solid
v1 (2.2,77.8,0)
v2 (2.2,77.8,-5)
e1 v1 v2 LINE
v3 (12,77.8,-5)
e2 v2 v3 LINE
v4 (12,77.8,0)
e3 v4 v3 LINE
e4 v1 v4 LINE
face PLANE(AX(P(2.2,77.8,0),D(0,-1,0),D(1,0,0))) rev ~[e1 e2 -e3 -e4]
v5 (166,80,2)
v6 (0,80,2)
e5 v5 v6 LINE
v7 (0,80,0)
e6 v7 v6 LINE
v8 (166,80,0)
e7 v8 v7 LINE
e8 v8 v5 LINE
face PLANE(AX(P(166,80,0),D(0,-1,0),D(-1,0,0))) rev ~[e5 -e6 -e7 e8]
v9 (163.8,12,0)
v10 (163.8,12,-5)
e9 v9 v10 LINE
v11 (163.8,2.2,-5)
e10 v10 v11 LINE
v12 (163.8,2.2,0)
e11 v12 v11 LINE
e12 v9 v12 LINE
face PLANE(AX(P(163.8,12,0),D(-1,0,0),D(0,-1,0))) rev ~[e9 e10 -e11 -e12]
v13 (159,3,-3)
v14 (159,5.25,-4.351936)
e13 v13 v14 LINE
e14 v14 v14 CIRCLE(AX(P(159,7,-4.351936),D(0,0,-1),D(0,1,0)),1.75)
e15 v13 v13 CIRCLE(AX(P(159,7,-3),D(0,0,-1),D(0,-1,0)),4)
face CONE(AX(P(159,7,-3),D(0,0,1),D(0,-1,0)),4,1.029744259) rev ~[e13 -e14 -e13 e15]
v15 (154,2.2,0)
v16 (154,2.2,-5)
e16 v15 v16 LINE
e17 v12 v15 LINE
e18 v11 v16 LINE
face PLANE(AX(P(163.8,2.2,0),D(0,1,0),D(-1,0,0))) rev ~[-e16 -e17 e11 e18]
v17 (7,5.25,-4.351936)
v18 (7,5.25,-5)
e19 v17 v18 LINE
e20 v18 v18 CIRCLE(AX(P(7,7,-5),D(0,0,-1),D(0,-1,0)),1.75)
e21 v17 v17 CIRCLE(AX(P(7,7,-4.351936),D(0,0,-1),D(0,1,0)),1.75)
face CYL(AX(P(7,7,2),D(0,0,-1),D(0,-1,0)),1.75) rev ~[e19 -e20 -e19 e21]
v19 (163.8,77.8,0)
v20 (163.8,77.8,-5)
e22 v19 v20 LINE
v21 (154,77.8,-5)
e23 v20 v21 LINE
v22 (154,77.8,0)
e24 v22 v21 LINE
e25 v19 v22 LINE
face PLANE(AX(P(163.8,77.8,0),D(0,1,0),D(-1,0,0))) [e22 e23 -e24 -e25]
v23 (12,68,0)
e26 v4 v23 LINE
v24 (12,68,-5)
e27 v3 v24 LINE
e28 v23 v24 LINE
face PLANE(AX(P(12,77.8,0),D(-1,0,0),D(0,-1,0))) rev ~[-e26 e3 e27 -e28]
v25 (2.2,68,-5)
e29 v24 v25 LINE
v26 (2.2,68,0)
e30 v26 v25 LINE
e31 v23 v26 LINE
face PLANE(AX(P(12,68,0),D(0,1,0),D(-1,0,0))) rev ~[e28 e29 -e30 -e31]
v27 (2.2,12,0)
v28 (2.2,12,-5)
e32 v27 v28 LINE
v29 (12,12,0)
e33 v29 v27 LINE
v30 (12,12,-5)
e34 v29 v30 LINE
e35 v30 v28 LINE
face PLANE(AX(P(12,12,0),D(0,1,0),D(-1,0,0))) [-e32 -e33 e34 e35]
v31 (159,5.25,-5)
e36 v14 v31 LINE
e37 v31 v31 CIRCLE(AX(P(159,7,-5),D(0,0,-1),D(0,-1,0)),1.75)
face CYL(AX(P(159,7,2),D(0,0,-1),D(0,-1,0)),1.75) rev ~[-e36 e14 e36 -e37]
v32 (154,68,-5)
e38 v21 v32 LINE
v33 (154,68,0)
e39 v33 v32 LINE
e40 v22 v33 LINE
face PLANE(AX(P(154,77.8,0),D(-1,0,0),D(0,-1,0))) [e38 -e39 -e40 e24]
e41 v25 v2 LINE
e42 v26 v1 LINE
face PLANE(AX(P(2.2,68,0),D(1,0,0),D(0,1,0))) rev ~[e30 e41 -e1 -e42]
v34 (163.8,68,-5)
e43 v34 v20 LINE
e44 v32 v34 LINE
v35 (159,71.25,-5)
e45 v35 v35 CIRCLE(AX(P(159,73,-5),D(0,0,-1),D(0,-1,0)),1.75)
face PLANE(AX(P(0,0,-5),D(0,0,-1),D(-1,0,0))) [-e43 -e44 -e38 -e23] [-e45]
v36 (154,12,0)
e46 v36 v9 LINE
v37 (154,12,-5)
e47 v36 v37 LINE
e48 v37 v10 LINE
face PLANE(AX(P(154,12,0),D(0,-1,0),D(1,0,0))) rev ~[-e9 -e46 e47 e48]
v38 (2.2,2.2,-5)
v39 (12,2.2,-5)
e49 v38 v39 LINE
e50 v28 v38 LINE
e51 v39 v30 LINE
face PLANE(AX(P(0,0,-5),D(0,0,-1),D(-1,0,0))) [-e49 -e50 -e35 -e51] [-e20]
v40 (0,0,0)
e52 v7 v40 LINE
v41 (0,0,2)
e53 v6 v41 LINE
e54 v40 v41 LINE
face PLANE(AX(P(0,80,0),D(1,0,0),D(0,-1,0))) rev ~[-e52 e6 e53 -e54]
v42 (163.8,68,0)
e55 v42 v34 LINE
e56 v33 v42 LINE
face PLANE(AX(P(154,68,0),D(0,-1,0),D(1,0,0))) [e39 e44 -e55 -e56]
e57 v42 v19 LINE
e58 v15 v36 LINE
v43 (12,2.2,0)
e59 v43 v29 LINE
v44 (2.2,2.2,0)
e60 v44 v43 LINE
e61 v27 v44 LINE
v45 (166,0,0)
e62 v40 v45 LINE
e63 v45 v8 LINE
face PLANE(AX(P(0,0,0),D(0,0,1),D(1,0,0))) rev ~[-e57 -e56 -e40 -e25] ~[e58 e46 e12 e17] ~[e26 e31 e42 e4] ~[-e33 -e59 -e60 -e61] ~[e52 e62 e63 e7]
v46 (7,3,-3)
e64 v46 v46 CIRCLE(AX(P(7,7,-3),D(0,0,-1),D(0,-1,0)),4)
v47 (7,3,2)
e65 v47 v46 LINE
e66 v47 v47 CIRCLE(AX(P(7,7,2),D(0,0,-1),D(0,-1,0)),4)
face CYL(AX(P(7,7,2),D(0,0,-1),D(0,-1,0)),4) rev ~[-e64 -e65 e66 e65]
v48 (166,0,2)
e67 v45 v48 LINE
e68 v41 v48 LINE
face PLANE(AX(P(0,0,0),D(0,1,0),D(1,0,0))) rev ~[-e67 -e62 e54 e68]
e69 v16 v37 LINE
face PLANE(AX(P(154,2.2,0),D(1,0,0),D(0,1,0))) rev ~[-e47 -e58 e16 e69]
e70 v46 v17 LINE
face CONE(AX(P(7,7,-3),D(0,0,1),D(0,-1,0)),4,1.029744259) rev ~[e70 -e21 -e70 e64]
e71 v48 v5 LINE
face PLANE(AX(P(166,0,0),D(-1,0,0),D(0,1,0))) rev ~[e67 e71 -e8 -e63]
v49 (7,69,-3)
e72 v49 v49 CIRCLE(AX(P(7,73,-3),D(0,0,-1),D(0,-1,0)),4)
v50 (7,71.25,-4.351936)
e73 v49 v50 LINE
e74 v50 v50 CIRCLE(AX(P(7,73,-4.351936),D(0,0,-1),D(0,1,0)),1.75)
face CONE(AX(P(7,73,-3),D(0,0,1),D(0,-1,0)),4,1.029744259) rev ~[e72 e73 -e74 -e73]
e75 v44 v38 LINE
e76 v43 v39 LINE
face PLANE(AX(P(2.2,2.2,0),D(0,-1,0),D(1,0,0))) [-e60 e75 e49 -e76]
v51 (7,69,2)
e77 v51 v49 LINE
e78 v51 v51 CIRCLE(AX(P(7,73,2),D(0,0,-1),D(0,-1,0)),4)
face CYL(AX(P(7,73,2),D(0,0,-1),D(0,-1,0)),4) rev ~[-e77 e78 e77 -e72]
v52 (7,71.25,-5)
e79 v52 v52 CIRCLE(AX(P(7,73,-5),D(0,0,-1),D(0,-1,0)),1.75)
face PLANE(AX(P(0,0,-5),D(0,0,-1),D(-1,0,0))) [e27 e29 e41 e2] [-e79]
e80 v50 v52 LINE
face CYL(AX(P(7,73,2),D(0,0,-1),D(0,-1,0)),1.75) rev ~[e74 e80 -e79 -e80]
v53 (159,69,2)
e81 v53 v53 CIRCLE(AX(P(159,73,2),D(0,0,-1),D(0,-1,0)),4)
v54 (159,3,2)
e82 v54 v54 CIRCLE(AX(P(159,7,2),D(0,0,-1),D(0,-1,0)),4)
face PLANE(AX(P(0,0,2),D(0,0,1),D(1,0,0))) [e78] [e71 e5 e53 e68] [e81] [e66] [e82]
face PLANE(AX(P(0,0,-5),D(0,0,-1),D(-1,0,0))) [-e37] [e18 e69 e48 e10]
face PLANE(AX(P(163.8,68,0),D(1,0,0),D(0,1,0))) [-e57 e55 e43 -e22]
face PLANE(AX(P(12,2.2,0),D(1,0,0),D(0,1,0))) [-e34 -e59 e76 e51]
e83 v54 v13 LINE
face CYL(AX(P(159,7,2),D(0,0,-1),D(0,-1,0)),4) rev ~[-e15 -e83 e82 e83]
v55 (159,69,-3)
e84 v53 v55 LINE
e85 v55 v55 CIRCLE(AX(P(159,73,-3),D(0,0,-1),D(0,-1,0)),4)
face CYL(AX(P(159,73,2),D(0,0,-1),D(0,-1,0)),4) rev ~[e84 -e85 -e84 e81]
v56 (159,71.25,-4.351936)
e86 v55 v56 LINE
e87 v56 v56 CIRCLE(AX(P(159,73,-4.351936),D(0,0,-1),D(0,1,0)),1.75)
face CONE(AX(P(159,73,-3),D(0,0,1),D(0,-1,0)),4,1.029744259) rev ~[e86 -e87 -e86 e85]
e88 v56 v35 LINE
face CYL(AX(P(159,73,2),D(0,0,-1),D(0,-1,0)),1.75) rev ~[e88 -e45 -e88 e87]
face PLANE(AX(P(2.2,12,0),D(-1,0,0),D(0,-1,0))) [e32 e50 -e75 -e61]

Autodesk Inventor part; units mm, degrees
ref_plane "YZ Plane" through (0, 0, 0) normal (1, 0, 0) x (0, 1, 0)
ref_plane "XZ Plane" through (0, 0, 0) normal (0, 1, 0) x (-1, 0, 0)
ref_plane "XY Plane" through (0, 0, 0) normal (0, 0, 1) x (1, 0, 0)
sketch "Skizze1" plane through (0, 0, 0) normal (0, 0, 1) x (1, 0, 0)
  line L0 (0, 0) -> (166, 0)
  line L1 (166, 0) -> (166, 80)
  line L2 (166, 80) -> (0, 80)
  line L3 (0, 80) -> (0, 0)
  dimension "d0" = 80
  dimension "d1" = 166
extrude "Extrusion1" add sketch "Skizze1" along normal blind 2
sketch "Skizze2" plane through (0, 0, 0) normal (0, 0, -1) x (-1, 0, 0)
  line L0 (-2.2, 77.8) -> (-12, 77.8)
  line L1 (-12, 77.8) -> (-12, 68)
  line L2 (-12, 68) -> (-2.2, 68)
  line L3 (-2.2, 68) -> (-2.2, 77.8)
  line L4 (0, 80) -> (0, 0) projected
  line L5 (-166, 80) -> (0, 80) projected
  line L6 (0, 80) -> (0, 0) projected
  line L7 (0, 40) -> (18.01, 40)
  line L8 (-166, 80) -> (0, 80) projected
  line L9 (-83, 80) -> (-83, 127.491)
  line L10 (-2.2, 2.2) -> (-12, 2.2)
  line L11 (-12, 2.2) -> (-12, 12)
  line L12 (-12, 12) -> (-2.2, 12)
  line L13 (-2.2, 12) -> (-2.2, 2.2)
  line L14 (-163.8, 77.8) -> (-154, 77.8)
  line L15 (-154, 77.8) -> (-154, 68)
  line L16 (-154, 68) -> (-163.8, 68)
  line L17 (-163.8, 68) -> (-163.8, 77.8)
  line L18 (-166, 80) -> (-166, 0)
  line L19 (-166, 80) -> (-166, 0)
  line L20 (-163.8, 2.2) -> (-154, 2.2)
  line L21 (-154, 2.2) -> (-154, 12)
  line L22 (-154, 12) -> (-163.8, 12)
  line L23 (-163.8, 12) -> (-163.8, 2.2)
  point P0 (-166, 40)
  dimension "d4" = 2.2
  dimension "d5" = 2.2
  dimension "d6" = 9.8
  dimension "d7" = 9.8
  dimension "d8" = 40
extrude "Extrusion2" add sketch "Skizze2" along normal blind 5
sketch "Skizze3" plane through (0, 0, 2) normal (0, 0, 1) x (1, 0, 0)
  line L0 (0, 80) -> (0, 0) projected
  line L1 (0, 0) -> (166, 0) projected
  line L2 (0, 80) -> (0, 0) projected
  line L3 (0, 40) -> (-51.158, 40)
  line L4 (0, 0) -> (166, 0) projected
  line L5 (83, 0) -> (83, -45.9243)
  line L6 (166, 80) -> (166, 0)
  line L7 (166, 0) -> (0, 0)
  line L8 (166, 80) -> (166, 0)
  line L9 (166, 40) -> (217.158, 40)
  line L10 (166, 0) -> (0, 0)
  point P0 (7, 7)
  point P1 (7, 73)
  point P2 (159, 7)
  point P3 (159, 73)
  dimension "d11" = 7
  dimension "d12" = 7
hole "Bohrung1" at (7, 7, 2) at (7, 73, 2) at (159, 73, 2) at (159, 7, 2) direction (0, 0, -1) diameter 3.5 depth 8 tip angle 118
sketch "Skizze4" plane through (0, 0, 2) normal (0, 0, 1) x (1, 0, 0)
  circle A0 centre (7, 7) radius 1.75 projected
  circle A1 centre (7, 73) radius 1.75 projected
  circle A2 centre (159, 7) radius 1.75 projected
  circle A3 centre (159, 73) radius 1.75 projected
  point P0 (0, 0)
hole "Bohrung2" at (7, 7, 2) at (7, 73, 2) at (159, 7, 2) at (159, 73, 2) direction (0, 0, -1) diameter 8 depth 5 tip angle 118
properties part number "TimDeckel"
